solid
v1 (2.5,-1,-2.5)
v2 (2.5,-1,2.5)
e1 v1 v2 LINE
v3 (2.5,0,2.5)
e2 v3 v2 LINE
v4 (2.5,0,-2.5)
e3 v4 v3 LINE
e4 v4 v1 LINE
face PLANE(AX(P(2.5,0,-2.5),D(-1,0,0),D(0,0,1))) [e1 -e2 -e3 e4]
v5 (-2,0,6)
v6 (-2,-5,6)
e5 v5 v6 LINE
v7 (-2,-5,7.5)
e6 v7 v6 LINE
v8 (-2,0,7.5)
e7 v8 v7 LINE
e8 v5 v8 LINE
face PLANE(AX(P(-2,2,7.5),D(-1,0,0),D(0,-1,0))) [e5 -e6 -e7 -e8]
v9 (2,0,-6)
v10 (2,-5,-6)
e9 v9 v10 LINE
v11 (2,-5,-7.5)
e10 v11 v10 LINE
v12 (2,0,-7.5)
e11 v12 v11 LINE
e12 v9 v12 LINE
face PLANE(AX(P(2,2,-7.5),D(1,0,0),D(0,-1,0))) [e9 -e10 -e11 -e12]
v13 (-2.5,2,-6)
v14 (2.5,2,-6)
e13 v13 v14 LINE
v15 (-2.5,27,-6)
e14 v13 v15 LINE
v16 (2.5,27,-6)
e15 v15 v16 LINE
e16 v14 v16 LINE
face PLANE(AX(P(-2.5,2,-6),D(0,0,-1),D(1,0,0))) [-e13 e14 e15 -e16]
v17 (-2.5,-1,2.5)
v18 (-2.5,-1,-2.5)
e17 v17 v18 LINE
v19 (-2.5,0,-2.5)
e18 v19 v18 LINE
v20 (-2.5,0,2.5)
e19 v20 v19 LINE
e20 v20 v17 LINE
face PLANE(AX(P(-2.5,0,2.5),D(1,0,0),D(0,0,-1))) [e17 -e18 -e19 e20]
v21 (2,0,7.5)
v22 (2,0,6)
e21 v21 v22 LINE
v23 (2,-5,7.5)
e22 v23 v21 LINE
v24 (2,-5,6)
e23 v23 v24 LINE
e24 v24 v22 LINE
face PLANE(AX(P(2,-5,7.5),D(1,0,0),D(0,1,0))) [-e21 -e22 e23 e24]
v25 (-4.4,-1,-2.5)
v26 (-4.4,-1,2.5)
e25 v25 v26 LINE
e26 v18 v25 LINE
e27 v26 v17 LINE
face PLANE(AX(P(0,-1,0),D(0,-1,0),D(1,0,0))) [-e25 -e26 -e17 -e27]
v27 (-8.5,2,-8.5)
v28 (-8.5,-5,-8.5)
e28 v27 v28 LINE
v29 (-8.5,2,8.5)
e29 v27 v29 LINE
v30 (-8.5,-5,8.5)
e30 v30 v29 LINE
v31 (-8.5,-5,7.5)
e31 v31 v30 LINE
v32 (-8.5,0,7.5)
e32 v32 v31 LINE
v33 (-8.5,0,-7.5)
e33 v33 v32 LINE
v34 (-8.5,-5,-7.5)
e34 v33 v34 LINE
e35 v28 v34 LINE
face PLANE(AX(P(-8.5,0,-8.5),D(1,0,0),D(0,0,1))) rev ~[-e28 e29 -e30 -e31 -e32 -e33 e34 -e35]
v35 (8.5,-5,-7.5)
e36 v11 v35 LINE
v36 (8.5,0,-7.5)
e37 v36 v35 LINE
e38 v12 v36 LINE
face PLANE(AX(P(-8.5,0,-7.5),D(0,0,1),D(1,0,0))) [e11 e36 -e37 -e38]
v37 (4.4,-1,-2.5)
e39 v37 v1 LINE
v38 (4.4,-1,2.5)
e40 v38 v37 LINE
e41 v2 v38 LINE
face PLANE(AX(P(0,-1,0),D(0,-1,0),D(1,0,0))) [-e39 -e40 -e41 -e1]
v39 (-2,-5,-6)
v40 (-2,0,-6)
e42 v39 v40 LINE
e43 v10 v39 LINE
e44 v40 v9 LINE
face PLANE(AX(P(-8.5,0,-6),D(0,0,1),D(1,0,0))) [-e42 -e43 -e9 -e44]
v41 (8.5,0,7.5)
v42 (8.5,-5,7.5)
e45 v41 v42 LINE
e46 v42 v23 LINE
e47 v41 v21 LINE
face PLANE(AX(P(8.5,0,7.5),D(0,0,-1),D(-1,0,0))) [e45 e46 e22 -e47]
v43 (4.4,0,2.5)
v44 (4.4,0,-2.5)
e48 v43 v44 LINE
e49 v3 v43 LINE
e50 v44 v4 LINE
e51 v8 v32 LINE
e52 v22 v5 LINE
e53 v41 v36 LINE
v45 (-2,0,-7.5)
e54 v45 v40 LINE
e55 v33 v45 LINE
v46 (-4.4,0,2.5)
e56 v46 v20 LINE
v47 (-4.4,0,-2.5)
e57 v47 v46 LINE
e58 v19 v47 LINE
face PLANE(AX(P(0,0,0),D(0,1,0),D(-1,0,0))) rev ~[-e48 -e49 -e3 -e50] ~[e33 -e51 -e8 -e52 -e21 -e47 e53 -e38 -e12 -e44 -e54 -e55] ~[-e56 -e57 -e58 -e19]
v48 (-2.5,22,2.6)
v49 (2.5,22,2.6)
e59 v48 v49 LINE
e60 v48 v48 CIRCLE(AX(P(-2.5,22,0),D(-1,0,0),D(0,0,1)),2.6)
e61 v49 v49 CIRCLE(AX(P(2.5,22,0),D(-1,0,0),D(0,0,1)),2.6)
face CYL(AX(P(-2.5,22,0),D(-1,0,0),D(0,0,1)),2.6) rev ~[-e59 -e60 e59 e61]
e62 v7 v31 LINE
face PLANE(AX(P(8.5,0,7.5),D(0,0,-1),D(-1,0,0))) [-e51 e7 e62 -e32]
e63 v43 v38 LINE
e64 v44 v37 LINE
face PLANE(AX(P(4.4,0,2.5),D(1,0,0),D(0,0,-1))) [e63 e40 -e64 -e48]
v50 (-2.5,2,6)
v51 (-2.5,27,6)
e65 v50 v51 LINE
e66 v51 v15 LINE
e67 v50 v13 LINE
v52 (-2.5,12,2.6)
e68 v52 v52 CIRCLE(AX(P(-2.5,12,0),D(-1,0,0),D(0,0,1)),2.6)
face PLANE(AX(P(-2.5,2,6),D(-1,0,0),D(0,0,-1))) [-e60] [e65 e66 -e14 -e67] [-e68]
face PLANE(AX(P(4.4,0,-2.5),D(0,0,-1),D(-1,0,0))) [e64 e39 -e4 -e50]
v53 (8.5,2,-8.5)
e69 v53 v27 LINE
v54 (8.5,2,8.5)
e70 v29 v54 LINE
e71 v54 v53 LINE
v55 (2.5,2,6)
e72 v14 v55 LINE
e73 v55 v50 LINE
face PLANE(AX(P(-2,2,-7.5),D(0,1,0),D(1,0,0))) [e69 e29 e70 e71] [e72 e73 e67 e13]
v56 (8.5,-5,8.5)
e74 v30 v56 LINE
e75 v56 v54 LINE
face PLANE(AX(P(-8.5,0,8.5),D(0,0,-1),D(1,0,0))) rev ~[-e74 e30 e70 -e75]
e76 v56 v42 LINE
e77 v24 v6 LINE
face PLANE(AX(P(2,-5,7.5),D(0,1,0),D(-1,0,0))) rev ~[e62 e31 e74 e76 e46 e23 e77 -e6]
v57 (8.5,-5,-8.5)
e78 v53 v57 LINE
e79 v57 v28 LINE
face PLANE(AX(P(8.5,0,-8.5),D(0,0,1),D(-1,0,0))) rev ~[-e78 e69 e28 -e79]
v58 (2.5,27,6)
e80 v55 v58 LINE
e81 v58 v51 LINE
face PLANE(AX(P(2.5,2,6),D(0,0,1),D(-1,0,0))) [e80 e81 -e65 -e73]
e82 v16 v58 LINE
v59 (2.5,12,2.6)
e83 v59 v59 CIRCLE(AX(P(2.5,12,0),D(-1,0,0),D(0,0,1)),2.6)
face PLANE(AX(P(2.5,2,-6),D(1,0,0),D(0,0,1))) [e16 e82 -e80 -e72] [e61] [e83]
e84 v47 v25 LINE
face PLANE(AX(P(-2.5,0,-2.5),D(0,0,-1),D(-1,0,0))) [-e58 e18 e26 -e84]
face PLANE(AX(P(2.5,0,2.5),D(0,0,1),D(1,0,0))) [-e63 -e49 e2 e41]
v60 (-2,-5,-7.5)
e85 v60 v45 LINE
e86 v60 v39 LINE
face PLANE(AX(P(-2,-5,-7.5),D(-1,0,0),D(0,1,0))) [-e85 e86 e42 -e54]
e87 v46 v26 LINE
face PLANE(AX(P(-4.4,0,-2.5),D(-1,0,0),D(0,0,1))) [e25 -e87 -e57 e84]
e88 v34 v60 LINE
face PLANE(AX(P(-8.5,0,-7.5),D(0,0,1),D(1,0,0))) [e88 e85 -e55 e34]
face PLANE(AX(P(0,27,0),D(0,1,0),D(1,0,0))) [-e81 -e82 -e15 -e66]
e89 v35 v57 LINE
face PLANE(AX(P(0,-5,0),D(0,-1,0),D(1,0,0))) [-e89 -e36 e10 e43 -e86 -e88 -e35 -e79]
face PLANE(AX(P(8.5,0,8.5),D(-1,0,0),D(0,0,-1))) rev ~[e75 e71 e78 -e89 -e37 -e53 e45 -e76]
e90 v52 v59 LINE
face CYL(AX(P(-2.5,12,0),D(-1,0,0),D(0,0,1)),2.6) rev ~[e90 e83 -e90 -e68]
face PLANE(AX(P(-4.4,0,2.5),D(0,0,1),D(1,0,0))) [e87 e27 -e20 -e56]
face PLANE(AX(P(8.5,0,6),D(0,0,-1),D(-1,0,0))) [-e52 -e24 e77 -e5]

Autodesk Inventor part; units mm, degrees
ref_plane "YZ Plane" through (0, 0, 0) normal (1, 0, 0) x (0, 1, 0)
ref_plane "XZ Plane" through (0, 0, 0) normal (0, 1, 0) x (-1, 0, 0)
ref_plane "XY Plane" through (0, 0, 0) normal (0, 0, 1) x (1, 0, 0)
sketch "草圖1" plane through (0, 0, 0) normal (0, 1, 0) x (-1, 0, 0)
  line L0 (8.5, 8.5) -> (-8.5, 8.5)
  line L1 (-8.5, 8.5) -> (-8.5, -8.5)
  line L2 (-8.5, -8.5) -> (8.5, -8.5)
  line L3 (8.5, -8.5) -> (8.5, 8.5)
  line L4 (8.5, 8.5) -> (-8.5, -8.5) construction
  line L5 (-8.5, 8.5) -> (8.5, -8.5) construction
  point P0 (0, 0)
  dimension "d0" = 17
  dimension "d1" = 17
extrude "擠出1" add sketch "草圖1" along normal blind 2
sketch "草圖3" plane through (0, 0, 0) normal (0, -1, 0) x (1, 0, 0)
  line L0 (-4.4, 2.5) -> (-2.5, 2.5)
  line L1 (-2.5, 2.5) -> (-2.5, -2.5)
  line L2 (-2.5, -2.5) -> (-4.4, -2.5)
  line L3 (-4.4, -2.5) -> (-4.4, 2.5)
  line L4 (-4.4, 2.5) -> (-2.5, -2.5) construction
  line L5 (-2.5, 2.5) -> (-4.4, -2.5) construction
  line L6 (2.5, 2.5) -> (4.4, 2.5)
  line L7 (4.4, 2.5) -> (4.4, -2.5)
  line L8 (4.4, -2.5) -> (2.5, -2.5)
  line L9 (2.5, -2.5) -> (2.5, 2.5)
  line L10 (2.5, 2.5) -> (4.4, -2.5) construction
  line L11 (4.4, 2.5) -> (2.5, -2.5) construction
  point P0 (0, 0)
  point P1 (-3.45, 0)
  point P2 (3.45, 0)
  dimension "d4" = 1.9
  dimension "d5" = 1.9
  dimension "d6" = 5
  dimension "d7" = 5
  dimension "d8" = 0
  dimension "d9" = 5
  dimension "d10" = 2.5
extrude "擠出2" add sketch "草圖3" along normal blind 1
sketch "草圖4" plane through (0, 0, 0) normal (0, -1, 0) x (1, 0, 0)
  line L0 (-8.5, -8.5) -> (-8.5, 8.5) projected
  line L1 (8.5, 8.5) -> (8.5, -8.5) projected
  line L2 (-8.5, 8.5) -> (8.5, 8.5)
  line L3 (8.5, 8.5) -> (8.5, 7.5)
  line L4 (8.5, 7.5) -> (-8.5, 7.5)
  line L5 (-8.5, 7.5) -> (-8.5, 8.5)
  line L6 (-8.5, -7.5) -> (8.5, -7.5)
  line L7 (8.5, -7.5) -> (8.5, -8.5)
  line L8 (8.5, -8.5) -> (-8.5, -8.5)
  line L9 (-8.5, -8.5) -> (-8.5, -7.5)
  point P0 (0, 0)
  point P1 (-8.5, -7.5)
  point P2 (-8.5, 7.5)
  dimension "d13" = 1
  dimension "d14" = 1
extrude "擠出3" add sketch "草圖4" along normal blind 5 contours L0 L6 L1 L8 | L0 L2 L1 L4
sketch "草圖5" plane through (8.5, 0, 7.5) normal (0, 0, -1) x (-1, 0, 0)
  line L0 (10.5, -12) -> (6.5, -12)
  line L1 (6.5, -12) -> (6.5, 2)
  line L2 (6.5, 2) -> (10.5, 2)
  line L3 (10.5, 2) -> (10.5, -12)
  line L4 (0, -5) -> (17, -5) projected
  line L5 (10.5, -12) -> (6.5, 2) construction
  line L6 (6.5, -12) -> (10.5, 2) construction
  point P0 (8.5, 0)
  point P1 (8.5, -5)
  point P2 (6.5, -5)
  point P3 (10.5, -5)
  dimension "d17" = 14
  dimension "d18" = 4
extrude "擠出4" add sketch "草圖5" along normal blind 1.5 contours L4 L1 L2 L3
sketch "草圖6" plane through (-8.5, 0, -7.5) normal (0, 0, 1) x (1, 0, 0)
  line L0 (6.5, 2) -> (10.5, 2)
  line L1 (10.5, 2) -> (10.5, -12)
  line L2 (10.5, -12) -> (6.5, -12)
  line L3 (6.5, -12) -> (6.5, 2)
  line L4 (10.5, -5) -> (6.5, -5) projected
  line L5 (6.5, 2) -> (10.5, -12) construction
  line L6 (10.5, 2) -> (6.5, -12) construction
  point P0 (8.5, 0)
  point P1 (8.5, -5)
  point P2 (10.5, -7)
  point P3 (6.5, -7)
  dimension "d21" = 14
  dimension "d22" = 4
extrude "擠出5" add sketch "草圖6" along normal blind 1.5 contours L0 L1 L4 L3
sketch "草圖7" plane through (0, 2, 0) normal (0, 1, 0) x (1, 0, 0)
  line L0 (-2.5, 6) -> (2.5, 6)
  line L1 (2.5, 6) -> (2.5, -6)
  line L2 (2.5, -6) -> (-2.5, -6)
  line L3 (-2.5, -6) -> (-2.5, 6)
  line L4 (-2.5, 6) -> (2.5, -6) construction
  line L5 (2.5, 6) -> (-2.5, -6) construction
  point P0 (0, 0)
  dimension "d25" = 12
  dimension "d26" = 5
extrude "擠出6" add sketch "草圖7" along normal blind 25
sketch "草圖8" plane through (-2.5, 2, -6) normal (-1, 0, 0) x (0, 0, 1)
  circle A0 centre (6, 20) radius 2.6
  circle A1 centre (6, 10) radius 2.6
  line L0 (-2.5, 0) -> (14.5, 0) projected
  point P0 (6, -2)
  point P1 (6, 0)
  dimension "d29" = 5.2
  dimension "d30" = 5.2
  dimension "d31" = 10
  dimension "d32" = 10
extrude "擠出7" cut sketch "草圖8" against normal blind 25
properties part number "差分線圈上蓋"
